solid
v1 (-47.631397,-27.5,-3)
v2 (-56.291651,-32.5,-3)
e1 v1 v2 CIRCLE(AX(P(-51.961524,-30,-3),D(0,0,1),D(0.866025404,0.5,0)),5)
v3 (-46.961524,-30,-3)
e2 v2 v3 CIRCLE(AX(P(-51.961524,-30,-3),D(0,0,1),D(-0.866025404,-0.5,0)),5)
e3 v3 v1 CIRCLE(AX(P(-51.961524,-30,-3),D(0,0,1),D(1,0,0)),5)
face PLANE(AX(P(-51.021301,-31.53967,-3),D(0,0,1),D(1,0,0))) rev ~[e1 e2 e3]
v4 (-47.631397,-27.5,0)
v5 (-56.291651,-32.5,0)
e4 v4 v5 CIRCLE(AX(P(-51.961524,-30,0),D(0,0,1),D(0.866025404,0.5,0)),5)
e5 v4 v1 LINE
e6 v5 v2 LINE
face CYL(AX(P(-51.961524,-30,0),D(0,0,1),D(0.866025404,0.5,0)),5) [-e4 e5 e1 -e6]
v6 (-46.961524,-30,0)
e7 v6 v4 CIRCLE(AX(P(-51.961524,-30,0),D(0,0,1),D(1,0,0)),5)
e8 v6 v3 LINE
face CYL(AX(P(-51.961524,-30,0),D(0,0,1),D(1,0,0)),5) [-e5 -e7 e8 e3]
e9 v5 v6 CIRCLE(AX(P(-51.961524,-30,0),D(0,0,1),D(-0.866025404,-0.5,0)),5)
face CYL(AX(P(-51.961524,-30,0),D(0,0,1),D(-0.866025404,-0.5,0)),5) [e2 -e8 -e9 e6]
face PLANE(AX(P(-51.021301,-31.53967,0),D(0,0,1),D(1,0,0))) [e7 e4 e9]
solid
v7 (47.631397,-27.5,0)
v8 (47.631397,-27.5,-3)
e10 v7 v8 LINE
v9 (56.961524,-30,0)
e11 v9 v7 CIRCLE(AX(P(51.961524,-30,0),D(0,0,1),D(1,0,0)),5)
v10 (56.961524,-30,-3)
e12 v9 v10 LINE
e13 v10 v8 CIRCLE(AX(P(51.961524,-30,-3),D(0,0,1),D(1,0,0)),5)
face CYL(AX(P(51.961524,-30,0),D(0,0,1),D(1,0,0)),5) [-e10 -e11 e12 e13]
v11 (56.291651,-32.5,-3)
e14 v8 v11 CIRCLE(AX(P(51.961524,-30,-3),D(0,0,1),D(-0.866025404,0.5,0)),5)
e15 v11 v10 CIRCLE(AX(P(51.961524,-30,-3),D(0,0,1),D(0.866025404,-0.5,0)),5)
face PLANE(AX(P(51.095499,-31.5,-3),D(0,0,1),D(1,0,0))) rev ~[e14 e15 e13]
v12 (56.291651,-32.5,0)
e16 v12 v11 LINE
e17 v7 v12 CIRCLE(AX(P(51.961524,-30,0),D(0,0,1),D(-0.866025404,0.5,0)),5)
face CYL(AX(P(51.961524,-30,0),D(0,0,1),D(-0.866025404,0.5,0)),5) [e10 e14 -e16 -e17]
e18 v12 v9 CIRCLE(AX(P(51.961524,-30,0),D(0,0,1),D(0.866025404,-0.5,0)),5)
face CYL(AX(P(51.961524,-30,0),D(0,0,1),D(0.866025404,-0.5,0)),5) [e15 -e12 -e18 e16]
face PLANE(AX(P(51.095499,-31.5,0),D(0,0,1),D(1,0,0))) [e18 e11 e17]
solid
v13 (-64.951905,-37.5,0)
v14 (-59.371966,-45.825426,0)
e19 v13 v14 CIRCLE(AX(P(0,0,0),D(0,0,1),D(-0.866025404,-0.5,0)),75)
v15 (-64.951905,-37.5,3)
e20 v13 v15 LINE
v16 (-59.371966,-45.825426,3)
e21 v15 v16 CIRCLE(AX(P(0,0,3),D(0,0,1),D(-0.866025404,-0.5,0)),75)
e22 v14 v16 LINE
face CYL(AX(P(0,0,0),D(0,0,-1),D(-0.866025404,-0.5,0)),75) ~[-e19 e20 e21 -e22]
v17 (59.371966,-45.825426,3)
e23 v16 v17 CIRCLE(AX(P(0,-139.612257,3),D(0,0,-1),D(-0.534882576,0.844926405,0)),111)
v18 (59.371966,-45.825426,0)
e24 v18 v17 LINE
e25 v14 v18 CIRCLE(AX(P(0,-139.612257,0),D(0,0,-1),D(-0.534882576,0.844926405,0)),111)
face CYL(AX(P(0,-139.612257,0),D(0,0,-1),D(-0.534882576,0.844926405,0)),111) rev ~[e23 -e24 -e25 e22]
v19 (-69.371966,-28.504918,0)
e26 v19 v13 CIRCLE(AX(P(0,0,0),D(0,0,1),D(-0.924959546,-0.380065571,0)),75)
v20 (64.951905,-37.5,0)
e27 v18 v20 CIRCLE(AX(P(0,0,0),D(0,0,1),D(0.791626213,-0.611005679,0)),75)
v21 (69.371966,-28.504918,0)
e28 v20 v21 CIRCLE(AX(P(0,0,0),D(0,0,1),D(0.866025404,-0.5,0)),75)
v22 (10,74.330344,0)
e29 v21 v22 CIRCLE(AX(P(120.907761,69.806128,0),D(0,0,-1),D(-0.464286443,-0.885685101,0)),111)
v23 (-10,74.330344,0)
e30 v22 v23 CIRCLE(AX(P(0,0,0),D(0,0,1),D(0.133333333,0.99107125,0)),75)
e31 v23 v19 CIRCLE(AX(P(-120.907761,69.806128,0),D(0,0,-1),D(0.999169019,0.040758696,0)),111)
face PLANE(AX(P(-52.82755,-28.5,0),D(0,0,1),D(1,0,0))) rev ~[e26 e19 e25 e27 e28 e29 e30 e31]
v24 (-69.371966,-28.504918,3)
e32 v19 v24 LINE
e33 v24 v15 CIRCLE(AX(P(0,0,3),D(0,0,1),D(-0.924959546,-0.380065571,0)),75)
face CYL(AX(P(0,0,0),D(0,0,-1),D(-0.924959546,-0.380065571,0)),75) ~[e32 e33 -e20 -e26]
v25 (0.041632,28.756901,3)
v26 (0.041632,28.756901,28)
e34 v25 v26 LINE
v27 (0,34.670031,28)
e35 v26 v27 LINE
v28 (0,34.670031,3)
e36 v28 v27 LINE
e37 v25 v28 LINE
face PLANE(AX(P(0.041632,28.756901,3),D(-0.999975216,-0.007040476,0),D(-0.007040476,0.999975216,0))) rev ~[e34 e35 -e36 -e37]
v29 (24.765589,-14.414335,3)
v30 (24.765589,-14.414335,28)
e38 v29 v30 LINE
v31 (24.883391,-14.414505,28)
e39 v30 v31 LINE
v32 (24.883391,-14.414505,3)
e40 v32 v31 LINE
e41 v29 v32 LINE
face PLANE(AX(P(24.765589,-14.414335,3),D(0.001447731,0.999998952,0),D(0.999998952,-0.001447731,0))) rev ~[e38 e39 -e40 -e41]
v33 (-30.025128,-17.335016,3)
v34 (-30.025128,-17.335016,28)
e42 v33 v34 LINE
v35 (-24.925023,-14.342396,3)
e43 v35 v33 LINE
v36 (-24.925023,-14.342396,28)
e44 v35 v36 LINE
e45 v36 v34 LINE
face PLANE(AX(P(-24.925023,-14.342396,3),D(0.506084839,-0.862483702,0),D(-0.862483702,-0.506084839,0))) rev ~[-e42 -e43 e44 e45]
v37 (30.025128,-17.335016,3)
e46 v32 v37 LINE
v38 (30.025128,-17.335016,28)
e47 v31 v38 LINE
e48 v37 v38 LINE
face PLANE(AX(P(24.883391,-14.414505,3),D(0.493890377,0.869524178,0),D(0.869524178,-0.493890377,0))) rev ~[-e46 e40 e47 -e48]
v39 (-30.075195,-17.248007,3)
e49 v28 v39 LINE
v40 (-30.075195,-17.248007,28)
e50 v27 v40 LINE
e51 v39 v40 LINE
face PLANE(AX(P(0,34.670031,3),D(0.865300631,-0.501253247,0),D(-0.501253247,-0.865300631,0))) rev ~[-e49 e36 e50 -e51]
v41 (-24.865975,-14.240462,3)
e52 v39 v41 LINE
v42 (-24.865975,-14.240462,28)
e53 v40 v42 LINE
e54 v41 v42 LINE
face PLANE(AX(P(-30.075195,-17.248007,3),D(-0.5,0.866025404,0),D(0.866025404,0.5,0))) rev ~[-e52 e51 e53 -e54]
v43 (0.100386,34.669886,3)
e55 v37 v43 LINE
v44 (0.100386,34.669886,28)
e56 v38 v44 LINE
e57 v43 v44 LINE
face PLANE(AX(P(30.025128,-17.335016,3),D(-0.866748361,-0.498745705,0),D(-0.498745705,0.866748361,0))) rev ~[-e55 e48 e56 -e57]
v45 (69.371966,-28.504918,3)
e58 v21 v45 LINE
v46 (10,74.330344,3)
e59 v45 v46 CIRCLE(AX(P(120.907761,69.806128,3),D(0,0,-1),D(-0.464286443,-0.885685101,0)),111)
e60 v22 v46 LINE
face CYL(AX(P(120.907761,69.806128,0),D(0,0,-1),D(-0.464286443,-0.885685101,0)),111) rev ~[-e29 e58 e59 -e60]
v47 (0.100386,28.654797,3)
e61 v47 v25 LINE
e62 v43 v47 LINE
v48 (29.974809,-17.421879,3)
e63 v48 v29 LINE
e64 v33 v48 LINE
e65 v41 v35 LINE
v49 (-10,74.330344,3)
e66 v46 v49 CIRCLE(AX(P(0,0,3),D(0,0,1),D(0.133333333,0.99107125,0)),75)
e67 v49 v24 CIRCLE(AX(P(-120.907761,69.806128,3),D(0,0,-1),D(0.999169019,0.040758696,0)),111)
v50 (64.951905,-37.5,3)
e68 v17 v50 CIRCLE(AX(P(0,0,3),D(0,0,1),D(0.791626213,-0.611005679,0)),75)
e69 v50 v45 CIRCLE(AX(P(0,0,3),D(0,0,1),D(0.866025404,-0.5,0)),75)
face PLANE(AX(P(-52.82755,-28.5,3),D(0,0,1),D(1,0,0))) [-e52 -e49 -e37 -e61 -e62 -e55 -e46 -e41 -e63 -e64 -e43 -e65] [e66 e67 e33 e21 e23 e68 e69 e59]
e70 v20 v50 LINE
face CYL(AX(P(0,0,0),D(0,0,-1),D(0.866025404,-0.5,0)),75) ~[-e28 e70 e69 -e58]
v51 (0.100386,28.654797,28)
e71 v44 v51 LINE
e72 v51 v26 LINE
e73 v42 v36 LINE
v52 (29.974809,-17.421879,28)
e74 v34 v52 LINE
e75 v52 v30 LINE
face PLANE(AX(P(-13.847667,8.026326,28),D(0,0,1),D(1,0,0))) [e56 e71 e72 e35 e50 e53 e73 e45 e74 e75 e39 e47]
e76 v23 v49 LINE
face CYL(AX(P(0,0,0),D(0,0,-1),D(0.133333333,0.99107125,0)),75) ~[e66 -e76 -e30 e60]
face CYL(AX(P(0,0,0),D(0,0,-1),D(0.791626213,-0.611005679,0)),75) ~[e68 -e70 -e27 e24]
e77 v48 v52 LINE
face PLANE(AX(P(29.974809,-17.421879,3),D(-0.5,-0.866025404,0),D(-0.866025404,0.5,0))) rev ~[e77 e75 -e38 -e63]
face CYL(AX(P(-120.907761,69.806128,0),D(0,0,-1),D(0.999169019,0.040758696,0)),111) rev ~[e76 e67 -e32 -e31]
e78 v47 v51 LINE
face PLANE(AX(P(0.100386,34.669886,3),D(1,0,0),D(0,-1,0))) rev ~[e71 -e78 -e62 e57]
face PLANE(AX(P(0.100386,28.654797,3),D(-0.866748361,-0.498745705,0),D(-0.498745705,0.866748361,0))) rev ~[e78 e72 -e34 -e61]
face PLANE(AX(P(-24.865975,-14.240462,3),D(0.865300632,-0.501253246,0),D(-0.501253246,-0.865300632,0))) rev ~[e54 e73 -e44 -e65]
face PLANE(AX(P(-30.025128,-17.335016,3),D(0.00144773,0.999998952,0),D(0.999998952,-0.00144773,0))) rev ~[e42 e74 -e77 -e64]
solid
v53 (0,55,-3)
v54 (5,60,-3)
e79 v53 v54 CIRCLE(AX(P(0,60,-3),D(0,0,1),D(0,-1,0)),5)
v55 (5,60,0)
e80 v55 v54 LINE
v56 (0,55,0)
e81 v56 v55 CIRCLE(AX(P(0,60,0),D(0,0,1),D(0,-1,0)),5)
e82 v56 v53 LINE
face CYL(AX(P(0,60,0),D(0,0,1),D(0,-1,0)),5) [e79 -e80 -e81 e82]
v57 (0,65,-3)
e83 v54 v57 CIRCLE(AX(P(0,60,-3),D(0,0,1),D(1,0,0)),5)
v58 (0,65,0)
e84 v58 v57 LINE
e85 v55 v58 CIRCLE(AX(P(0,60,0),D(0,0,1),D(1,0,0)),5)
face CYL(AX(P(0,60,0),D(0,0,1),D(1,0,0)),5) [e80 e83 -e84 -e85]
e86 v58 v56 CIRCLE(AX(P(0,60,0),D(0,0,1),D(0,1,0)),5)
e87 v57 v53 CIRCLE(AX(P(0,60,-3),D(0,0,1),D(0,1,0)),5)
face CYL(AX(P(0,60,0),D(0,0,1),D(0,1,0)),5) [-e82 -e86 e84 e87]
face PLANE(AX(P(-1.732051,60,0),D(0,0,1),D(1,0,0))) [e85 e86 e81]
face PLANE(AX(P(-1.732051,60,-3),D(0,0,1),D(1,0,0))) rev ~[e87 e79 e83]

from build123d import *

# Parameters (mm, degrees)
F1_DEPTH = 3
F2_DEPTH = 3
F4_DEPTH = 25


with BuildPart() as f1:
    # F0 (on Top) → F1 (new body)
    with BuildSketch(Plane.XY):
        with BuildLine():
            ThreePointArc((-46.9615242271, -30), (-47.1318950956, -28.7059047745), (-47.6313972081, -27.5))
            Line((-47.6313972081, -27.5), (-56.291651246, -32.5))
            ThreePointArc((-56.291651246, -32.5), (-50.6674290016, -34.8296291314), (-46.9615242271, -30))
        make_face()
        with BuildLine():
            Line((-56.291651246, -32.5), (-47.6313972081, -27.5))
            ThreePointArc((-47.6313972081, -27.5), (-54.4615242271, -25.6698729811), (-56.291651246, -32.5))
        make_face()
    extrude(amount=-F1_DEPTH)


with BuildPart() as f1b:
    # F0 (on Top) → F1, piece 2 (new body)
    with BuildSketch(Plane.XY):
        with BuildLine():
            Line((56.291651246, -32.5), (47.6313972081, -27.5))
            ThreePointArc((47.6313972081, -27.5), (49.4615242271, -34.3301270189), (56.291651246, -32.5))
        make_face()
        with BuildLine():
            ThreePointArc((56.9615242271, -30), (53.2556194526, -25.1703708686), (47.6313972081, -27.5))
            Line((47.6313972081, -27.5), (56.291651246, -32.5))
            ThreePointArc((56.291651246, -32.5), (56.7911533585, -31.2940952255), (56.9615242271, -30))
        make_face()
    extrude(amount=-F1_DEPTH)


with BuildPart() as f1c:
    # F0 (on Top) → F1, piece 3 (new body)
    with BuildSketch(Plane.XY):
        with BuildLine():
            ThreePointArc((0, 65), (-5, 60), (0, 55))
            Line((0, 55), (0, 65))
        make_face()
        with BuildLine():
            Line((0, 65), (0, 55))
            ThreePointArc((0, 55), (3.5355339059, 56.4644660941), (5, 60))
            ThreePointArc((5, 60), (3.5355339059, 63.5355339059), (0, 65))
        make_face()
    extrude(amount=-F1_DEPTH)


with BuildPart() as f2:
    # F0 (on Top) → F2 (new body)
    with BuildSketch(Plane.XY):
        with BuildLine():
            Line((-56.291651246, -32.5), (-47.6313972081, -27.5))
            ThreePointArc((-47.6313972081, -27.5), (-54.4615242271, -25.6698729811), (-56.291651246, -32.5))
        make_face()
        with BuildLine():
            ThreePointArc((-46.9615242271, -30), (-47.1318950956, -28.7059047745), (-47.6313972081, -27.5))
            Line((-47.6313972081, -27.5), (-56.291651246, -32.5))
            ThreePointArc((-56.291651246, -32.5), (-50.6674290016, -34.8296291314), (-46.9615242271, -30))
        make_face()
        with BuildLine():
            Line((0, 65), (0, 55))
            ThreePointArc((0, 55), (3.5355339059, 56.4644660941), (5, 60))
            ThreePointArc((5, 60), (3.5355339059, 63.5355339059), (0, 65))
        make_face()
        with BuildLine():
            ThreePointArc((0, 65), (-5, 60), (0, 55))
            Line((0, 55), (0, 65))
        make_face()
        with BuildLine():
            ThreePointArc((56.9615242271, -30), (53.2556194526, -25.1703708686), (47.6313972081, -27.5))
            Line((47.6313972081, -27.5), (56.291651246, -32.5))
            ThreePointArc((56.291651246, -32.5), (56.7911533585, -31.2940952255), (56.9615242271, -30))
        make_face()
        with BuildLine():
            Line((56.291651246, -32.5), (47.6313972081, -27.5))
            ThreePointArc((47.6313972081, -27.5), (49.4615242271, -34.3301270189), (56.291651246, -32.5))
        make_face()
        with BuildLine():
            Line((47.6313972081, -27.5), (0, 0))
            Line((0, 0), (-47.6313972081, -27.5))
            ThreePointArc((-47.6313972081, -27.5), (-47.1318950956, -28.7059047745), (-46.9615242271, -30))
            ThreePointArc((-46.9615242271, -30), (-50.6674290016, -34.8296291314), (-56.291651246, -32.5))
            Line((-56.291651246, -32.5), (-64.9519052838, -37.5))
            ThreePointArc((-64.9519052838, -37.5), (-62.3011590473, -41.7560244918), (-59.3719659479, -45.8254259061))
            ThreePointArc((-59.3719659479, -45.8254259061), (0, -28.6122568553), (59.3719659479, -45.8254259061))
            ThreePointArc((59.3719659479, -45.8254259061), (62.3011590473, -41.7560244918), (64.9519052838, -37.5))
            Line((64.9519052838, -37.5), (56.291651246, -32.5))
            ThreePointArc((56.291651246, -32.5), (49.4615242271, -34.3301270189), (47.6313972081, -27.5))
        make_face()
        with BuildLine():
            Line((0, 55), (0, 0))
            Line((0, 0), (47.6313972081, -27.5))
            ThreePointArc((47.6313972081, -27.5), (53.2556194526, -25.1703708686), (56.9615242271, -30))
            ThreePointArc((56.9615242271, -30), (56.7911533585, -31.2940952255), (56.291651246, -32.5))
            Line((56.291651246, -32.5), (64.9519052838, -37.5))
            ThreePointArc((64.9519052838, -37.5), (67.3123574946, -33.0763741743), (69.3719659479, -28.5049178305))
            ThreePointArc((69.3719659479, -28.5049178305), (24.7789412963, 14.3061284276), (10, 74.3303437366))
            ThreePointArc((10, 74.3303437366), (5.0111984473, 74.8323986661), (0, 75))
            Line((0, 75), (0, 65))
            ThreePointArc((0, 65), (3.5355339059, 63.5355339059), (5, 60))
            ThreePointArc((5, 60), (3.5355339059, 56.4644660941), (0, 55))
        make_face()
        with BuildLine():
            Line((-47.6313972081, -27.5), (0, 0))
            Line((0, 0), (0, 55))
            ThreePointArc((0, 55), (-5, 60), (0, 65))
            Line((0, 65), (0, 75))
            ThreePointArc((0, 75), (-5.0111984473, 74.8323986661), (-10, 74.3303437366))
            ThreePointArc((-10, 74.3303437366), (-24.7789412963, 14.3061284276), (-69.3719659479, -28.5049178305))
            ThreePointArc((-69.3719659479, -28.5049178305), (-67.3123574946, -33.0763741743), (-64.9519052838, -37.5))
            Line((-64.9519052838, -37.5), (-56.291651246, -32.5))
            ThreePointArc((-56.291651246, -32.5), (-54.4615242271, -25.6698729811), (-47.6313972081, -27.5))
        make_face()
    extrude(amount=F2_DEPTH)

    # F3 (on face) → F4 (join)
    with BuildSketch(Plane.XY.offset(3)):
        Polygon((0.0416322801, 28.7569014453), (0, 34.6700313418), (-30.0751948323, -17.2480065237), (-24.8659746101, -14.2404618261), (0, 28.6850327074), align=None)
        Polygon((0.100385602, 28.6547966152), (0.0416322801, 28.7569014453), (0, 28.6850327074), (-24.8659746101, -14.2404618261), (-24.9250233258, -14.3423961105), (-24.841967033, -14.3425163537), (24.7655890081, -14.4143347891), (24.8833910457, -14.4145053349), (24.841967033, -14.3425163537), align=None)
        Polygon((0.100385602, 34.6698860104), (0.100385602, 28.6547966152), (24.841967033, -14.3425163537), (24.8833910457, -14.4145053349), (30.025127892, -17.3350156709), align=None)
        Polygon((-24.841967033, -14.3425163537), (-24.9250233258, -14.3423961105), (-30.025127892, -17.3350156709), (29.9748092303, -17.4218794867), (24.7655890081, -14.4143347891), align=None)
    extrude(amount=F4_DEPTH)


solid = Compound([f1.part, f1b.part, f1c.part, f2.part])
